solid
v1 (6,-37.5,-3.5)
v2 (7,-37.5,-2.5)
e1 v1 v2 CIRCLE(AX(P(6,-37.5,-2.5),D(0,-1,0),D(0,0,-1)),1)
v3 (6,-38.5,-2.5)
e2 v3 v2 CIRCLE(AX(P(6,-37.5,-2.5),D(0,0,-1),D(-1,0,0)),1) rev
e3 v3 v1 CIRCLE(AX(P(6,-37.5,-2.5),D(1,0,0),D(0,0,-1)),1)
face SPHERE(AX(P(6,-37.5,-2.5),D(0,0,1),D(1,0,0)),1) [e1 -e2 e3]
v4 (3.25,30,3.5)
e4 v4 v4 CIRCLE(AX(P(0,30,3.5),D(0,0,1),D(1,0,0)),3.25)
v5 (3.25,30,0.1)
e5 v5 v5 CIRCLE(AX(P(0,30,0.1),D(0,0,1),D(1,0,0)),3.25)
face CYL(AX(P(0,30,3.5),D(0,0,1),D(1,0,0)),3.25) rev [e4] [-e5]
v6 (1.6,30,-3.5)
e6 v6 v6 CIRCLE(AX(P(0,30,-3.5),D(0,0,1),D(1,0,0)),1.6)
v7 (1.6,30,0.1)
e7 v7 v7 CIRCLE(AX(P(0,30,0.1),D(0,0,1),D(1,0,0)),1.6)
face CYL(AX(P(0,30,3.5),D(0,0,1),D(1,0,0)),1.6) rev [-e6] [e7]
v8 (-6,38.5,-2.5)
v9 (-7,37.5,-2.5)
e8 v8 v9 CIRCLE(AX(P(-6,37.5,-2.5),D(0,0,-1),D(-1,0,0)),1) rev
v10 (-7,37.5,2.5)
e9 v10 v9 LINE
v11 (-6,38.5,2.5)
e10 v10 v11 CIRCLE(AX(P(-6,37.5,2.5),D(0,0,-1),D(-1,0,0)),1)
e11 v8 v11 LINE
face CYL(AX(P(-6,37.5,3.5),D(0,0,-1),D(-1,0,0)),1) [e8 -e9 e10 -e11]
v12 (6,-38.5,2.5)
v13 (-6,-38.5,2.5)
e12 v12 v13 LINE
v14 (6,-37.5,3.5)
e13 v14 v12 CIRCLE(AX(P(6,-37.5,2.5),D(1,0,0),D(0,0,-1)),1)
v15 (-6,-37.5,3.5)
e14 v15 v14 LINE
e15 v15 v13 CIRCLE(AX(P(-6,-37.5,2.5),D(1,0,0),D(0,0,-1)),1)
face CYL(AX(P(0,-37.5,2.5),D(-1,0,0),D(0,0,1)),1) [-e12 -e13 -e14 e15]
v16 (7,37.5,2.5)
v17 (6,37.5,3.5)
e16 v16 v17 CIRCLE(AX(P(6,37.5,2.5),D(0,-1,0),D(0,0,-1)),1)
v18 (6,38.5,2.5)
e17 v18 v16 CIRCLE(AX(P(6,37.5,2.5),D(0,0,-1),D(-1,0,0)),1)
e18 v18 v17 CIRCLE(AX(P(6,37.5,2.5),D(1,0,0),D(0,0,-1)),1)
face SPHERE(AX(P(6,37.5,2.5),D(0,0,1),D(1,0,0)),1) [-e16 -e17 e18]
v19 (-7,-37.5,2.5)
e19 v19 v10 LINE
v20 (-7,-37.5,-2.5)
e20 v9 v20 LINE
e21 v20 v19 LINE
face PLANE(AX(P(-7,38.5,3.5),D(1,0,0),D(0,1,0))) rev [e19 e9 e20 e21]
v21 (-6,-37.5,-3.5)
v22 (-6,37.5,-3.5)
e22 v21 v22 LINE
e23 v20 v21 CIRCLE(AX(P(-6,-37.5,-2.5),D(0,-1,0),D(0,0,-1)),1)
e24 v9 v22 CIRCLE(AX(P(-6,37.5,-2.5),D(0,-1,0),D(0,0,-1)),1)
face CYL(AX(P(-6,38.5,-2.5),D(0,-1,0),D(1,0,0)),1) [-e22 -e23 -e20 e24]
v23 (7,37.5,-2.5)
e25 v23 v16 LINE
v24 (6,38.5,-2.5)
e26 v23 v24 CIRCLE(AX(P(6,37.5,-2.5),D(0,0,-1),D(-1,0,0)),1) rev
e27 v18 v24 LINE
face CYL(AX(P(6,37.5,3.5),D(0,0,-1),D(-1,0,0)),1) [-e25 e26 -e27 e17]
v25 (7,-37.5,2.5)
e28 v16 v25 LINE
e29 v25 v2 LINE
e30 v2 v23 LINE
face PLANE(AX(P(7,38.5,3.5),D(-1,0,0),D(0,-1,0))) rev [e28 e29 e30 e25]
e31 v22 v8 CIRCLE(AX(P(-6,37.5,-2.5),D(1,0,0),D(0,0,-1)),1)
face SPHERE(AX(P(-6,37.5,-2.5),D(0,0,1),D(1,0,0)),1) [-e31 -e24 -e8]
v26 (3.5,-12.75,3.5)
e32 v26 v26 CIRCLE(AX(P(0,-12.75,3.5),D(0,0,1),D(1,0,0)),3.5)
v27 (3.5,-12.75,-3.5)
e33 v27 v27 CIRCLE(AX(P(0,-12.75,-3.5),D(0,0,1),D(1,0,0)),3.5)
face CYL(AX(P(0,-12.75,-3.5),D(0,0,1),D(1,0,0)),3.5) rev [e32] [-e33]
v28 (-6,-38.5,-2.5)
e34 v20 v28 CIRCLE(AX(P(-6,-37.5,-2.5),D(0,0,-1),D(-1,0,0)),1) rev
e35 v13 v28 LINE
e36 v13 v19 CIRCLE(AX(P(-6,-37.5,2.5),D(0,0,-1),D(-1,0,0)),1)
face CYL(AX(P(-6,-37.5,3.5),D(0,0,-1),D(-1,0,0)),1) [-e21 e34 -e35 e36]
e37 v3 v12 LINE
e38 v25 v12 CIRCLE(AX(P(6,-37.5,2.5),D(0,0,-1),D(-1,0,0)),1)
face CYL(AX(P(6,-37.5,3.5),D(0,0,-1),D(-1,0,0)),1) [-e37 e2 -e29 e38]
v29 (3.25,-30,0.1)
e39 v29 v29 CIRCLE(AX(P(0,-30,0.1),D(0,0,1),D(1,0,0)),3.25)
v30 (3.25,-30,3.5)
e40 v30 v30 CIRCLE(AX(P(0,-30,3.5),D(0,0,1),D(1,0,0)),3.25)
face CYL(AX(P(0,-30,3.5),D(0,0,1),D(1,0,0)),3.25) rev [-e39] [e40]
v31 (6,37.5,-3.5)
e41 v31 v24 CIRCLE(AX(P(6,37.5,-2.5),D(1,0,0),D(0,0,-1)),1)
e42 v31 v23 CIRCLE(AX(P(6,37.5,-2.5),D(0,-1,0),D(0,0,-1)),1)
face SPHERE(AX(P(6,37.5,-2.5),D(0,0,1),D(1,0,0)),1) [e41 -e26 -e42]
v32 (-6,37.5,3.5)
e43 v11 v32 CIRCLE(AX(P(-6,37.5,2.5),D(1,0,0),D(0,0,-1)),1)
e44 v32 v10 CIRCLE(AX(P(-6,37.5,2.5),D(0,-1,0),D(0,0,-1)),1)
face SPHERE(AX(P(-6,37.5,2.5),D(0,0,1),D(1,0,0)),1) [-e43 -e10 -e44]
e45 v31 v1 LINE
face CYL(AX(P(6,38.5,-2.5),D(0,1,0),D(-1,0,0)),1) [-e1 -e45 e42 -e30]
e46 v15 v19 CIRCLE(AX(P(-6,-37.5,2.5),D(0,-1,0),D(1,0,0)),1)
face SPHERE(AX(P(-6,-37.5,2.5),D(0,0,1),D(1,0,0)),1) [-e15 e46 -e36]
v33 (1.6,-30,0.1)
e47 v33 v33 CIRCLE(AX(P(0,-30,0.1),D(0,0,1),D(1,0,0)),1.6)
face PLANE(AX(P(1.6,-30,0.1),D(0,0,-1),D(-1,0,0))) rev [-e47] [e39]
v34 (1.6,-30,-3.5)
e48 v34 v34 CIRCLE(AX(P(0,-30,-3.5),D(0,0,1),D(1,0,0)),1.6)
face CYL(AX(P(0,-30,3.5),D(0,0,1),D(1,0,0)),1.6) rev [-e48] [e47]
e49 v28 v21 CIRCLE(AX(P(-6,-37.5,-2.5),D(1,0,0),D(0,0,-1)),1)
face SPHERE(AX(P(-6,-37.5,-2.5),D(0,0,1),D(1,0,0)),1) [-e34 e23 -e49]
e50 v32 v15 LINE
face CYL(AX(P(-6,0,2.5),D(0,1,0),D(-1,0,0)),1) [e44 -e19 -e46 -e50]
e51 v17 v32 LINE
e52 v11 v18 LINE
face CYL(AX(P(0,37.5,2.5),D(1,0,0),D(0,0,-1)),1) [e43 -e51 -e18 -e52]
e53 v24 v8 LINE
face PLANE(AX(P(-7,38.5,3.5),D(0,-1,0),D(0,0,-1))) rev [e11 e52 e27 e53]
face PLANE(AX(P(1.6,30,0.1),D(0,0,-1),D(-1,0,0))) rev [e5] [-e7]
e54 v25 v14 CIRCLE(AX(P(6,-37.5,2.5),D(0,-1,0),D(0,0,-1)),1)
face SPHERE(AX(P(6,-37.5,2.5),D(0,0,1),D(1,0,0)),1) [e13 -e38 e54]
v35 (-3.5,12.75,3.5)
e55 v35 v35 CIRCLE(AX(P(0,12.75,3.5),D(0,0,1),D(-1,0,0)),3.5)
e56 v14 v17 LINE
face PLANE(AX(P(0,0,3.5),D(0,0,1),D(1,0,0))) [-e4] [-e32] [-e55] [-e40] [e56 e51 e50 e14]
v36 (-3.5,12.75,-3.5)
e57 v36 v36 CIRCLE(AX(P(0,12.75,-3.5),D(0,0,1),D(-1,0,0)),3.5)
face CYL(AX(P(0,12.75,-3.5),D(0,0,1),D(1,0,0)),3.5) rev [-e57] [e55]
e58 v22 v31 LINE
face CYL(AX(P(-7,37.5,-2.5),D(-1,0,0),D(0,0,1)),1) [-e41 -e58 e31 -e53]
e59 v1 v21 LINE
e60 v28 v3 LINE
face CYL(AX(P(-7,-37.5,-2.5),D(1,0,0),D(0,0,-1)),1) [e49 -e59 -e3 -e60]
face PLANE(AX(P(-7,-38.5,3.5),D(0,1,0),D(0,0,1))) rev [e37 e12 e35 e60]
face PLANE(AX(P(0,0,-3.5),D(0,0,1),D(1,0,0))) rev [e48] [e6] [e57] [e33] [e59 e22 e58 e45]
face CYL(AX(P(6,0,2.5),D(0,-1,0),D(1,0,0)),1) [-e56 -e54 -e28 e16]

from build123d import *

# Parameters (mm, degrees)
SKETCH1_W                                           = 14
SKETCH1_H                                           = 77
BOSS_EXTRUDE1_DEPTH                                 = 3.5
CBORE_FOR_M3_HEX_SOCKET_HEAD_CAP_SCREW1_D           = 3.2
CBORE_FOR_M3_HEX_SOCKET_HEAD_CAP_SCREW1_CBORE_D     = 6.5
CBORE_FOR_M3_HEX_SOCKET_HEAD_CAP_SCREW1_CBORE_DEPTH = 3.4
SKETCH4_R                                           = 3.5
CUT_EXTRUDE1_DEPTH                                  = 40.752358421
FILLET1_R                                           = 1
FILLET2_R                                           = 1


with BuildPart() as part:
    # Sketch1 → Boss-Extrude1 (new, symmetric)
    with BuildSketch(Plane.XY):
        Rectangle(SKETCH1_W, SKETCH1_H)
    extrude(amount=BOSS_EXTRUDE1_DEPTH, both=True)

    # CBORE for M3 Hex Socket Head Cap Screw1 (through all)
    with Locations(Plane.XY.offset(3.5)):
        with Locations((0, -30), (0, 30)):
            CounterBoreHole(CBORE_FOR_M3_HEX_SOCKET_HEAD_CAP_SCREW1_D / 2, CBORE_FOR_M3_HEX_SOCKET_HEAD_CAP_SCREW1_CBORE_D / 2, CBORE_FOR_M3_HEX_SOCKET_HEAD_CAP_SCREW1_CBORE_DEPTH)

    # Sketch4 → Cut-Extrude1 (cut, through all)
    with BuildSketch(Plane.XY.offset(3.5)):
        with Locations((0, -12.75)):
            Circle(SKETCH4_R)
        with Locations(Location((0, 12.75, 0), (0, 0, 180))):
            Circle(SKETCH4_R)
    extrude(amount=-CUT_EXTRUDE1_DEPTH, mode=Mode.SUBTRACT)

    # Fillet1
    fillet1_edges = [part.edges().sort_by_distance(p)[0] for p in [
        (-7, 38.5, 0),
        (7, 38.5, 0),
        (7, -38.5, 0),
        (-7, -38.5, 0),
    ]]
    fillet(fillet1_edges, radius=FILLET1_R)

    # Fillet2
    fillet2_edges = [part.edges().sort_by_distance(p)[0] for p in [
        (-7, 0, -3.5),
        (-7, 0, 3.5),
        (0, 38.5, -3.5),
        (7, 0, -3.5),
        (0, -38.5, -3.5),
        (6.707106781, 38.207106781, -3.5),
        (6.707106781, -38.207106781, -3.5),
        (-6.707106781, -38.207106781, -3.5),
        (-6.707106781, 38.207106781, -3.5),
        (0, 38.5, 3.5),
        (0, -38.5, 3.5),
        (7, 0, 3.5),
        (6.707106781, 38.207106781, 3.5),
        (6.707106781, -38.207106781, 3.5),
        (-6.707106781, -38.207106781, 3.5),
        (-6.707106781, 38.207106781, 3.5),
    ]]
    fillet(fillet2_edges, radius=FILLET2_R)


solid = part.part
